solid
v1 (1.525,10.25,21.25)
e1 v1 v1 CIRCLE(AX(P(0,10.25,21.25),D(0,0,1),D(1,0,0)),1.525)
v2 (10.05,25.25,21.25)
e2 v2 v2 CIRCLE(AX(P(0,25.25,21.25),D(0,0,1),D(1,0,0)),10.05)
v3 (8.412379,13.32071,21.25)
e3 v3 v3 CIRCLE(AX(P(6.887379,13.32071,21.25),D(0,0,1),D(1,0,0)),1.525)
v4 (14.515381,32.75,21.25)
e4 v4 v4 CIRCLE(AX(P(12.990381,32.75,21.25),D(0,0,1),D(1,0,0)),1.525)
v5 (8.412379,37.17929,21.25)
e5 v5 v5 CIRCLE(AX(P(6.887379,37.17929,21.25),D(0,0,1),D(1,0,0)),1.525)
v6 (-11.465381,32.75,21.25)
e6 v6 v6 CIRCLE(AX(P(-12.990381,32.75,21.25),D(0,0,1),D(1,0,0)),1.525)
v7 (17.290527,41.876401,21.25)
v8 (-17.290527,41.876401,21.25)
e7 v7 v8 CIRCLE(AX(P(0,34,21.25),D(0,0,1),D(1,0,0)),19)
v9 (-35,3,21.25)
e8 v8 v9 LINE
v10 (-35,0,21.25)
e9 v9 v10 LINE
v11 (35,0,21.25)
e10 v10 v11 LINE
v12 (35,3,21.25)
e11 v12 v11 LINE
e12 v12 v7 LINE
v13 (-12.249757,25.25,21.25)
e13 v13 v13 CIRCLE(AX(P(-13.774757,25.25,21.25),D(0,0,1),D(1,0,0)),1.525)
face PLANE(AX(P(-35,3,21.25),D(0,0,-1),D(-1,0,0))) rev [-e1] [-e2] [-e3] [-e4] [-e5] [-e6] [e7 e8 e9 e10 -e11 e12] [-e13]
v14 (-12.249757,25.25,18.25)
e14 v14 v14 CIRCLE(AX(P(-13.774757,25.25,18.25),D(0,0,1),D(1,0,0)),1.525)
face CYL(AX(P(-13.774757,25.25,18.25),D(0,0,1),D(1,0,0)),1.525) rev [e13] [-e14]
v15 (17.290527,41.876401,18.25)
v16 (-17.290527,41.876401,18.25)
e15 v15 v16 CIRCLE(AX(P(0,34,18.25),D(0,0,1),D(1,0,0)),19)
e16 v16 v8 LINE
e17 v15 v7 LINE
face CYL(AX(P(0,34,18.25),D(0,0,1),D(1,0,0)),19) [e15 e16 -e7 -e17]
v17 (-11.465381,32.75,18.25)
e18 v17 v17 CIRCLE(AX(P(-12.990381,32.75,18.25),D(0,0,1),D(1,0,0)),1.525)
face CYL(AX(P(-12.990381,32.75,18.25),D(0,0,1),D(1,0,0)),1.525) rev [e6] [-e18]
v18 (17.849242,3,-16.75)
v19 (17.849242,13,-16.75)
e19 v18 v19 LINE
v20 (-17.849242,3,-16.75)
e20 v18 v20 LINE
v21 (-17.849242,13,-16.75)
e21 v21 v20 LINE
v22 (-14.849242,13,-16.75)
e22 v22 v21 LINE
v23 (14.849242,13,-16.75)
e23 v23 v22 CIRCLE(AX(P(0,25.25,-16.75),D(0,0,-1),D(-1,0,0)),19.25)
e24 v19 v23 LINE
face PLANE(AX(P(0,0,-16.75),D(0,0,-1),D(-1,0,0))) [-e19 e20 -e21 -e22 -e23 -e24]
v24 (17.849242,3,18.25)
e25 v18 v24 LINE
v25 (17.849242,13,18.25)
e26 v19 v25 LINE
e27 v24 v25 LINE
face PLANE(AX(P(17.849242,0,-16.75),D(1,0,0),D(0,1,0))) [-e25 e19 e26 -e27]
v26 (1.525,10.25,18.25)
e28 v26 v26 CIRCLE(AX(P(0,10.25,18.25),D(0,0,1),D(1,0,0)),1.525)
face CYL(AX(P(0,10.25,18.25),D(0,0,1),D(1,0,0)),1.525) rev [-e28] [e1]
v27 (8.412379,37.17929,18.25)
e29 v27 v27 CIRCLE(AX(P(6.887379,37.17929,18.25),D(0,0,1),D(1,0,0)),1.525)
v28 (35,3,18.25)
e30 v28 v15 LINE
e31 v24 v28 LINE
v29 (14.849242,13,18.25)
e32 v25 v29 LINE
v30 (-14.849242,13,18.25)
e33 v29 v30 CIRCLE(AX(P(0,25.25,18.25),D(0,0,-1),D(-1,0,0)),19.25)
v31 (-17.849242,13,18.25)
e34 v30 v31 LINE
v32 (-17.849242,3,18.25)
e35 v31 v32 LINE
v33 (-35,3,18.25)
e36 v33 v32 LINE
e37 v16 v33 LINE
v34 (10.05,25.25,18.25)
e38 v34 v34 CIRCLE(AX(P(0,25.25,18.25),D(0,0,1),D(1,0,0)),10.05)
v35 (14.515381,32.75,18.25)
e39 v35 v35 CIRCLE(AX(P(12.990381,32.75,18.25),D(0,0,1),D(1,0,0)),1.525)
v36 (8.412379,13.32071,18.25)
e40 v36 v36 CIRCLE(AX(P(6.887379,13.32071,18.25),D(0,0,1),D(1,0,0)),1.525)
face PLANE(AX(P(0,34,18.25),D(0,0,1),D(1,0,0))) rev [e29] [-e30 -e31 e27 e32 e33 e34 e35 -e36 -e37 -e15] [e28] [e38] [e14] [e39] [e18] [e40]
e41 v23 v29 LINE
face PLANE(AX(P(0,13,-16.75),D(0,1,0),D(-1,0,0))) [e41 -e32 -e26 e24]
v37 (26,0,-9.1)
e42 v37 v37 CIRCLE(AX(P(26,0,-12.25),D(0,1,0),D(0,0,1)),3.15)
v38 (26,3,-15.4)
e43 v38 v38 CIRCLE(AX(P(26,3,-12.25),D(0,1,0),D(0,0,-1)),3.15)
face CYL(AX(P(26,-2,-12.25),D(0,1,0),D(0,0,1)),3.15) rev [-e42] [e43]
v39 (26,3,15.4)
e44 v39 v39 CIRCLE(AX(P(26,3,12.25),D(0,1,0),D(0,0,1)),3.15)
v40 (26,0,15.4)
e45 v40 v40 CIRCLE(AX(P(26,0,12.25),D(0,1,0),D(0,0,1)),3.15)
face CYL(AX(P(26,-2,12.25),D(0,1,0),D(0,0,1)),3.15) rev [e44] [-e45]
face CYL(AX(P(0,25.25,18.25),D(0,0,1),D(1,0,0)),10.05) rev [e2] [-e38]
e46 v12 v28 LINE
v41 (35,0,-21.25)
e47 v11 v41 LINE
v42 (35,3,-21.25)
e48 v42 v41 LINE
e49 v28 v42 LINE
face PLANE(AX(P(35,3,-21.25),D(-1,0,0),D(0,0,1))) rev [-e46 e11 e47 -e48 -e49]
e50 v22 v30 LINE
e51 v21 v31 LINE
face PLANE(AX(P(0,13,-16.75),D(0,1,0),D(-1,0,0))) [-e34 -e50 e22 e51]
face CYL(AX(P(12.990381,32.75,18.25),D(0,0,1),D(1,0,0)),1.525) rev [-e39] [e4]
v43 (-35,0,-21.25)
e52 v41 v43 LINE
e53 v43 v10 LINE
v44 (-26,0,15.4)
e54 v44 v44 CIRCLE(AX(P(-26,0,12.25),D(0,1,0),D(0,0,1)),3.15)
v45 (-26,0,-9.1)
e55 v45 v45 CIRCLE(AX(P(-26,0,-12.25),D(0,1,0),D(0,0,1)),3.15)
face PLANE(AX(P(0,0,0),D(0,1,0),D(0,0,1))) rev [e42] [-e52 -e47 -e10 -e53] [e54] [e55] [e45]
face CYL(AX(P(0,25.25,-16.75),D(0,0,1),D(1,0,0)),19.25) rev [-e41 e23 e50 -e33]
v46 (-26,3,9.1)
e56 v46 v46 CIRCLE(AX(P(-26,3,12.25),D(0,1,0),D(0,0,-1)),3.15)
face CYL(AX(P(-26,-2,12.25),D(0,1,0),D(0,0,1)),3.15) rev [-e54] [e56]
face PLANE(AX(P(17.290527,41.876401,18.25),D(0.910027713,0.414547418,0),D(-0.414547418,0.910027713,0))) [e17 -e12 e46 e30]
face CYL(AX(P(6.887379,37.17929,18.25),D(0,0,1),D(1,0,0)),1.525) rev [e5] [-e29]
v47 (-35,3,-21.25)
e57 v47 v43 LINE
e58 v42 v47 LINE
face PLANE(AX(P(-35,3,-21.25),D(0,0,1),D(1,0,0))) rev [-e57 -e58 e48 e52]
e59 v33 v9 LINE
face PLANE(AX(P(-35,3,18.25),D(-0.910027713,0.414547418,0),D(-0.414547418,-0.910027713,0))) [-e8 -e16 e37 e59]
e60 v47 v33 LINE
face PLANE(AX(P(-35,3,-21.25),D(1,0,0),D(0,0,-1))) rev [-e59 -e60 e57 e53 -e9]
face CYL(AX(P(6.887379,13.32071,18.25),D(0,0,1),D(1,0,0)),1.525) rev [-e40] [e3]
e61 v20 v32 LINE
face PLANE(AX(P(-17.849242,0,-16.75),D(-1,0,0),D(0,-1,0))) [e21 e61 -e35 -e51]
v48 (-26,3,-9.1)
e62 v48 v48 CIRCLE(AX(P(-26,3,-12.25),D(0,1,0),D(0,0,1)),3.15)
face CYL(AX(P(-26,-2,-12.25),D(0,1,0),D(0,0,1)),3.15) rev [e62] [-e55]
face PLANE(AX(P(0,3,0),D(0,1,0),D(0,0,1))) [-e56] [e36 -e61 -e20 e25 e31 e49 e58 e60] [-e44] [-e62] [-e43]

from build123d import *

# Parameters (mm, degrees)
SKETCH3_W           = 70
SKETCH3_H           = 42.5
BOSS_EXTRUDE1_DEPTH = 3
SKETCH4_R           = 10.05
SKETCH4_R_2         = 1.525
BOSS_EXTRUDE2_DEPTH = 3
BOSS_EXTRUDE3_DEPTH = 35
SKETCH6_R           = 3.15
CUT_EXTRUDE1_DEPTH  = 5


with BuildPart() as part:
    # Sketch3 → Boss-Extrude1 (new body)
    with BuildSketch(Plane(origin=(0, 0, 0), x_dir=(1, 0, 0), z_dir=(0, 1, 0))):
        Rectangle(SKETCH3_W, SKETCH3_H)
    extrude(amount=BOSS_EXTRUDE1_DEPTH)

    # Sketch4 → Boss-Extrude2 (add)
    with BuildSketch(Plane.XY.offset(21.25)):
        with BuildLine():
            Line((-35, 3), (-17.290526546, 41.876400939))
            ThreePointArc((-17.290526546, 41.876400939), (0, 53), (17.290526546, 41.876400939))
            Line((17.290526546, 41.876400939), (35, 3))
            Line((35, 3), (-35, 3))
        make_face()
        with Locations((0, 25.25)):
            Circle(SKETCH4_R, mode=Mode.SUBTRACT)
        with Locations((-13.774757254, 25.25)):
            Circle(SKETCH4_R_2, mode=Mode.SUBTRACT)
        with Locations((-12.990381057, 32.75)):
            Circle(SKETCH4_R_2, mode=Mode.SUBTRACT)
        with Locations((12.990381057, 32.75)):
            Circle(SKETCH4_R_2, mode=Mode.SUBTRACT)
        with Locations((6.887378627, 37.179289713)):
            Circle(SKETCH4_R_2, mode=Mode.SUBTRACT)
        with Locations((0, 10.25)):
            Circle(SKETCH4_R_2, mode=Mode.SUBTRACT)
        with Locations((6.887378627, 13.320710287)):
            Circle(SKETCH4_R_2, mode=Mode.SUBTRACT)
    extrude(amount=-BOSS_EXTRUDE2_DEPTH)

    # Sketch5 → Boss-Extrude3 (add)
    with BuildSketch(Plane(origin=(0, 0, 18.25), x_dir=(-1, 0, 0), z_dir=(0, 0, -1))):
        with BuildLine():
            Line((-17.849242405, 13), (-17.849242405, 3))
            Line((-17.849242405, 3), (17.849242405, 3))
            Line((17.849242405, 3), (17.849242405, 13))
            Line((17.849242405, 13), (14.849242405, 13))
            ThreePointArc((14.849242405, 13), (0, 6), (-14.849242405, 13))
            Line((-14.849242405, 13), (-17.849242405, 13))
        make_face()
    extrude(amount=BOSS_EXTRUDE3_DEPTH)

    # Sketch6 → Cut-Extrude1 (cut)
    with BuildSketch(Plane(origin=(0, 3, 0), x_dir=(1, 0, 0), z_dir=(0, 1, 0))):
        with Locations(Location((-26, 12.25, 0), (0, 0, 270))):
            Circle(SKETCH6_R)
        with Locations(Location((26, 12.25, 0), (0, 0, 270))):
            Circle(SKETCH6_R)
        with Locations(Location((26, -12.25, 0), (0, 0, 270))):
            Circle(SKETCH6_R)
        with Locations(Location((-26, -12.25, 0), (0, 0, 270))):
            Circle(SKETCH6_R)
    extrude(amount=-CUT_EXTRUDE1_DEPTH, mode=Mode.SUBTRACT)


solid = part.part
